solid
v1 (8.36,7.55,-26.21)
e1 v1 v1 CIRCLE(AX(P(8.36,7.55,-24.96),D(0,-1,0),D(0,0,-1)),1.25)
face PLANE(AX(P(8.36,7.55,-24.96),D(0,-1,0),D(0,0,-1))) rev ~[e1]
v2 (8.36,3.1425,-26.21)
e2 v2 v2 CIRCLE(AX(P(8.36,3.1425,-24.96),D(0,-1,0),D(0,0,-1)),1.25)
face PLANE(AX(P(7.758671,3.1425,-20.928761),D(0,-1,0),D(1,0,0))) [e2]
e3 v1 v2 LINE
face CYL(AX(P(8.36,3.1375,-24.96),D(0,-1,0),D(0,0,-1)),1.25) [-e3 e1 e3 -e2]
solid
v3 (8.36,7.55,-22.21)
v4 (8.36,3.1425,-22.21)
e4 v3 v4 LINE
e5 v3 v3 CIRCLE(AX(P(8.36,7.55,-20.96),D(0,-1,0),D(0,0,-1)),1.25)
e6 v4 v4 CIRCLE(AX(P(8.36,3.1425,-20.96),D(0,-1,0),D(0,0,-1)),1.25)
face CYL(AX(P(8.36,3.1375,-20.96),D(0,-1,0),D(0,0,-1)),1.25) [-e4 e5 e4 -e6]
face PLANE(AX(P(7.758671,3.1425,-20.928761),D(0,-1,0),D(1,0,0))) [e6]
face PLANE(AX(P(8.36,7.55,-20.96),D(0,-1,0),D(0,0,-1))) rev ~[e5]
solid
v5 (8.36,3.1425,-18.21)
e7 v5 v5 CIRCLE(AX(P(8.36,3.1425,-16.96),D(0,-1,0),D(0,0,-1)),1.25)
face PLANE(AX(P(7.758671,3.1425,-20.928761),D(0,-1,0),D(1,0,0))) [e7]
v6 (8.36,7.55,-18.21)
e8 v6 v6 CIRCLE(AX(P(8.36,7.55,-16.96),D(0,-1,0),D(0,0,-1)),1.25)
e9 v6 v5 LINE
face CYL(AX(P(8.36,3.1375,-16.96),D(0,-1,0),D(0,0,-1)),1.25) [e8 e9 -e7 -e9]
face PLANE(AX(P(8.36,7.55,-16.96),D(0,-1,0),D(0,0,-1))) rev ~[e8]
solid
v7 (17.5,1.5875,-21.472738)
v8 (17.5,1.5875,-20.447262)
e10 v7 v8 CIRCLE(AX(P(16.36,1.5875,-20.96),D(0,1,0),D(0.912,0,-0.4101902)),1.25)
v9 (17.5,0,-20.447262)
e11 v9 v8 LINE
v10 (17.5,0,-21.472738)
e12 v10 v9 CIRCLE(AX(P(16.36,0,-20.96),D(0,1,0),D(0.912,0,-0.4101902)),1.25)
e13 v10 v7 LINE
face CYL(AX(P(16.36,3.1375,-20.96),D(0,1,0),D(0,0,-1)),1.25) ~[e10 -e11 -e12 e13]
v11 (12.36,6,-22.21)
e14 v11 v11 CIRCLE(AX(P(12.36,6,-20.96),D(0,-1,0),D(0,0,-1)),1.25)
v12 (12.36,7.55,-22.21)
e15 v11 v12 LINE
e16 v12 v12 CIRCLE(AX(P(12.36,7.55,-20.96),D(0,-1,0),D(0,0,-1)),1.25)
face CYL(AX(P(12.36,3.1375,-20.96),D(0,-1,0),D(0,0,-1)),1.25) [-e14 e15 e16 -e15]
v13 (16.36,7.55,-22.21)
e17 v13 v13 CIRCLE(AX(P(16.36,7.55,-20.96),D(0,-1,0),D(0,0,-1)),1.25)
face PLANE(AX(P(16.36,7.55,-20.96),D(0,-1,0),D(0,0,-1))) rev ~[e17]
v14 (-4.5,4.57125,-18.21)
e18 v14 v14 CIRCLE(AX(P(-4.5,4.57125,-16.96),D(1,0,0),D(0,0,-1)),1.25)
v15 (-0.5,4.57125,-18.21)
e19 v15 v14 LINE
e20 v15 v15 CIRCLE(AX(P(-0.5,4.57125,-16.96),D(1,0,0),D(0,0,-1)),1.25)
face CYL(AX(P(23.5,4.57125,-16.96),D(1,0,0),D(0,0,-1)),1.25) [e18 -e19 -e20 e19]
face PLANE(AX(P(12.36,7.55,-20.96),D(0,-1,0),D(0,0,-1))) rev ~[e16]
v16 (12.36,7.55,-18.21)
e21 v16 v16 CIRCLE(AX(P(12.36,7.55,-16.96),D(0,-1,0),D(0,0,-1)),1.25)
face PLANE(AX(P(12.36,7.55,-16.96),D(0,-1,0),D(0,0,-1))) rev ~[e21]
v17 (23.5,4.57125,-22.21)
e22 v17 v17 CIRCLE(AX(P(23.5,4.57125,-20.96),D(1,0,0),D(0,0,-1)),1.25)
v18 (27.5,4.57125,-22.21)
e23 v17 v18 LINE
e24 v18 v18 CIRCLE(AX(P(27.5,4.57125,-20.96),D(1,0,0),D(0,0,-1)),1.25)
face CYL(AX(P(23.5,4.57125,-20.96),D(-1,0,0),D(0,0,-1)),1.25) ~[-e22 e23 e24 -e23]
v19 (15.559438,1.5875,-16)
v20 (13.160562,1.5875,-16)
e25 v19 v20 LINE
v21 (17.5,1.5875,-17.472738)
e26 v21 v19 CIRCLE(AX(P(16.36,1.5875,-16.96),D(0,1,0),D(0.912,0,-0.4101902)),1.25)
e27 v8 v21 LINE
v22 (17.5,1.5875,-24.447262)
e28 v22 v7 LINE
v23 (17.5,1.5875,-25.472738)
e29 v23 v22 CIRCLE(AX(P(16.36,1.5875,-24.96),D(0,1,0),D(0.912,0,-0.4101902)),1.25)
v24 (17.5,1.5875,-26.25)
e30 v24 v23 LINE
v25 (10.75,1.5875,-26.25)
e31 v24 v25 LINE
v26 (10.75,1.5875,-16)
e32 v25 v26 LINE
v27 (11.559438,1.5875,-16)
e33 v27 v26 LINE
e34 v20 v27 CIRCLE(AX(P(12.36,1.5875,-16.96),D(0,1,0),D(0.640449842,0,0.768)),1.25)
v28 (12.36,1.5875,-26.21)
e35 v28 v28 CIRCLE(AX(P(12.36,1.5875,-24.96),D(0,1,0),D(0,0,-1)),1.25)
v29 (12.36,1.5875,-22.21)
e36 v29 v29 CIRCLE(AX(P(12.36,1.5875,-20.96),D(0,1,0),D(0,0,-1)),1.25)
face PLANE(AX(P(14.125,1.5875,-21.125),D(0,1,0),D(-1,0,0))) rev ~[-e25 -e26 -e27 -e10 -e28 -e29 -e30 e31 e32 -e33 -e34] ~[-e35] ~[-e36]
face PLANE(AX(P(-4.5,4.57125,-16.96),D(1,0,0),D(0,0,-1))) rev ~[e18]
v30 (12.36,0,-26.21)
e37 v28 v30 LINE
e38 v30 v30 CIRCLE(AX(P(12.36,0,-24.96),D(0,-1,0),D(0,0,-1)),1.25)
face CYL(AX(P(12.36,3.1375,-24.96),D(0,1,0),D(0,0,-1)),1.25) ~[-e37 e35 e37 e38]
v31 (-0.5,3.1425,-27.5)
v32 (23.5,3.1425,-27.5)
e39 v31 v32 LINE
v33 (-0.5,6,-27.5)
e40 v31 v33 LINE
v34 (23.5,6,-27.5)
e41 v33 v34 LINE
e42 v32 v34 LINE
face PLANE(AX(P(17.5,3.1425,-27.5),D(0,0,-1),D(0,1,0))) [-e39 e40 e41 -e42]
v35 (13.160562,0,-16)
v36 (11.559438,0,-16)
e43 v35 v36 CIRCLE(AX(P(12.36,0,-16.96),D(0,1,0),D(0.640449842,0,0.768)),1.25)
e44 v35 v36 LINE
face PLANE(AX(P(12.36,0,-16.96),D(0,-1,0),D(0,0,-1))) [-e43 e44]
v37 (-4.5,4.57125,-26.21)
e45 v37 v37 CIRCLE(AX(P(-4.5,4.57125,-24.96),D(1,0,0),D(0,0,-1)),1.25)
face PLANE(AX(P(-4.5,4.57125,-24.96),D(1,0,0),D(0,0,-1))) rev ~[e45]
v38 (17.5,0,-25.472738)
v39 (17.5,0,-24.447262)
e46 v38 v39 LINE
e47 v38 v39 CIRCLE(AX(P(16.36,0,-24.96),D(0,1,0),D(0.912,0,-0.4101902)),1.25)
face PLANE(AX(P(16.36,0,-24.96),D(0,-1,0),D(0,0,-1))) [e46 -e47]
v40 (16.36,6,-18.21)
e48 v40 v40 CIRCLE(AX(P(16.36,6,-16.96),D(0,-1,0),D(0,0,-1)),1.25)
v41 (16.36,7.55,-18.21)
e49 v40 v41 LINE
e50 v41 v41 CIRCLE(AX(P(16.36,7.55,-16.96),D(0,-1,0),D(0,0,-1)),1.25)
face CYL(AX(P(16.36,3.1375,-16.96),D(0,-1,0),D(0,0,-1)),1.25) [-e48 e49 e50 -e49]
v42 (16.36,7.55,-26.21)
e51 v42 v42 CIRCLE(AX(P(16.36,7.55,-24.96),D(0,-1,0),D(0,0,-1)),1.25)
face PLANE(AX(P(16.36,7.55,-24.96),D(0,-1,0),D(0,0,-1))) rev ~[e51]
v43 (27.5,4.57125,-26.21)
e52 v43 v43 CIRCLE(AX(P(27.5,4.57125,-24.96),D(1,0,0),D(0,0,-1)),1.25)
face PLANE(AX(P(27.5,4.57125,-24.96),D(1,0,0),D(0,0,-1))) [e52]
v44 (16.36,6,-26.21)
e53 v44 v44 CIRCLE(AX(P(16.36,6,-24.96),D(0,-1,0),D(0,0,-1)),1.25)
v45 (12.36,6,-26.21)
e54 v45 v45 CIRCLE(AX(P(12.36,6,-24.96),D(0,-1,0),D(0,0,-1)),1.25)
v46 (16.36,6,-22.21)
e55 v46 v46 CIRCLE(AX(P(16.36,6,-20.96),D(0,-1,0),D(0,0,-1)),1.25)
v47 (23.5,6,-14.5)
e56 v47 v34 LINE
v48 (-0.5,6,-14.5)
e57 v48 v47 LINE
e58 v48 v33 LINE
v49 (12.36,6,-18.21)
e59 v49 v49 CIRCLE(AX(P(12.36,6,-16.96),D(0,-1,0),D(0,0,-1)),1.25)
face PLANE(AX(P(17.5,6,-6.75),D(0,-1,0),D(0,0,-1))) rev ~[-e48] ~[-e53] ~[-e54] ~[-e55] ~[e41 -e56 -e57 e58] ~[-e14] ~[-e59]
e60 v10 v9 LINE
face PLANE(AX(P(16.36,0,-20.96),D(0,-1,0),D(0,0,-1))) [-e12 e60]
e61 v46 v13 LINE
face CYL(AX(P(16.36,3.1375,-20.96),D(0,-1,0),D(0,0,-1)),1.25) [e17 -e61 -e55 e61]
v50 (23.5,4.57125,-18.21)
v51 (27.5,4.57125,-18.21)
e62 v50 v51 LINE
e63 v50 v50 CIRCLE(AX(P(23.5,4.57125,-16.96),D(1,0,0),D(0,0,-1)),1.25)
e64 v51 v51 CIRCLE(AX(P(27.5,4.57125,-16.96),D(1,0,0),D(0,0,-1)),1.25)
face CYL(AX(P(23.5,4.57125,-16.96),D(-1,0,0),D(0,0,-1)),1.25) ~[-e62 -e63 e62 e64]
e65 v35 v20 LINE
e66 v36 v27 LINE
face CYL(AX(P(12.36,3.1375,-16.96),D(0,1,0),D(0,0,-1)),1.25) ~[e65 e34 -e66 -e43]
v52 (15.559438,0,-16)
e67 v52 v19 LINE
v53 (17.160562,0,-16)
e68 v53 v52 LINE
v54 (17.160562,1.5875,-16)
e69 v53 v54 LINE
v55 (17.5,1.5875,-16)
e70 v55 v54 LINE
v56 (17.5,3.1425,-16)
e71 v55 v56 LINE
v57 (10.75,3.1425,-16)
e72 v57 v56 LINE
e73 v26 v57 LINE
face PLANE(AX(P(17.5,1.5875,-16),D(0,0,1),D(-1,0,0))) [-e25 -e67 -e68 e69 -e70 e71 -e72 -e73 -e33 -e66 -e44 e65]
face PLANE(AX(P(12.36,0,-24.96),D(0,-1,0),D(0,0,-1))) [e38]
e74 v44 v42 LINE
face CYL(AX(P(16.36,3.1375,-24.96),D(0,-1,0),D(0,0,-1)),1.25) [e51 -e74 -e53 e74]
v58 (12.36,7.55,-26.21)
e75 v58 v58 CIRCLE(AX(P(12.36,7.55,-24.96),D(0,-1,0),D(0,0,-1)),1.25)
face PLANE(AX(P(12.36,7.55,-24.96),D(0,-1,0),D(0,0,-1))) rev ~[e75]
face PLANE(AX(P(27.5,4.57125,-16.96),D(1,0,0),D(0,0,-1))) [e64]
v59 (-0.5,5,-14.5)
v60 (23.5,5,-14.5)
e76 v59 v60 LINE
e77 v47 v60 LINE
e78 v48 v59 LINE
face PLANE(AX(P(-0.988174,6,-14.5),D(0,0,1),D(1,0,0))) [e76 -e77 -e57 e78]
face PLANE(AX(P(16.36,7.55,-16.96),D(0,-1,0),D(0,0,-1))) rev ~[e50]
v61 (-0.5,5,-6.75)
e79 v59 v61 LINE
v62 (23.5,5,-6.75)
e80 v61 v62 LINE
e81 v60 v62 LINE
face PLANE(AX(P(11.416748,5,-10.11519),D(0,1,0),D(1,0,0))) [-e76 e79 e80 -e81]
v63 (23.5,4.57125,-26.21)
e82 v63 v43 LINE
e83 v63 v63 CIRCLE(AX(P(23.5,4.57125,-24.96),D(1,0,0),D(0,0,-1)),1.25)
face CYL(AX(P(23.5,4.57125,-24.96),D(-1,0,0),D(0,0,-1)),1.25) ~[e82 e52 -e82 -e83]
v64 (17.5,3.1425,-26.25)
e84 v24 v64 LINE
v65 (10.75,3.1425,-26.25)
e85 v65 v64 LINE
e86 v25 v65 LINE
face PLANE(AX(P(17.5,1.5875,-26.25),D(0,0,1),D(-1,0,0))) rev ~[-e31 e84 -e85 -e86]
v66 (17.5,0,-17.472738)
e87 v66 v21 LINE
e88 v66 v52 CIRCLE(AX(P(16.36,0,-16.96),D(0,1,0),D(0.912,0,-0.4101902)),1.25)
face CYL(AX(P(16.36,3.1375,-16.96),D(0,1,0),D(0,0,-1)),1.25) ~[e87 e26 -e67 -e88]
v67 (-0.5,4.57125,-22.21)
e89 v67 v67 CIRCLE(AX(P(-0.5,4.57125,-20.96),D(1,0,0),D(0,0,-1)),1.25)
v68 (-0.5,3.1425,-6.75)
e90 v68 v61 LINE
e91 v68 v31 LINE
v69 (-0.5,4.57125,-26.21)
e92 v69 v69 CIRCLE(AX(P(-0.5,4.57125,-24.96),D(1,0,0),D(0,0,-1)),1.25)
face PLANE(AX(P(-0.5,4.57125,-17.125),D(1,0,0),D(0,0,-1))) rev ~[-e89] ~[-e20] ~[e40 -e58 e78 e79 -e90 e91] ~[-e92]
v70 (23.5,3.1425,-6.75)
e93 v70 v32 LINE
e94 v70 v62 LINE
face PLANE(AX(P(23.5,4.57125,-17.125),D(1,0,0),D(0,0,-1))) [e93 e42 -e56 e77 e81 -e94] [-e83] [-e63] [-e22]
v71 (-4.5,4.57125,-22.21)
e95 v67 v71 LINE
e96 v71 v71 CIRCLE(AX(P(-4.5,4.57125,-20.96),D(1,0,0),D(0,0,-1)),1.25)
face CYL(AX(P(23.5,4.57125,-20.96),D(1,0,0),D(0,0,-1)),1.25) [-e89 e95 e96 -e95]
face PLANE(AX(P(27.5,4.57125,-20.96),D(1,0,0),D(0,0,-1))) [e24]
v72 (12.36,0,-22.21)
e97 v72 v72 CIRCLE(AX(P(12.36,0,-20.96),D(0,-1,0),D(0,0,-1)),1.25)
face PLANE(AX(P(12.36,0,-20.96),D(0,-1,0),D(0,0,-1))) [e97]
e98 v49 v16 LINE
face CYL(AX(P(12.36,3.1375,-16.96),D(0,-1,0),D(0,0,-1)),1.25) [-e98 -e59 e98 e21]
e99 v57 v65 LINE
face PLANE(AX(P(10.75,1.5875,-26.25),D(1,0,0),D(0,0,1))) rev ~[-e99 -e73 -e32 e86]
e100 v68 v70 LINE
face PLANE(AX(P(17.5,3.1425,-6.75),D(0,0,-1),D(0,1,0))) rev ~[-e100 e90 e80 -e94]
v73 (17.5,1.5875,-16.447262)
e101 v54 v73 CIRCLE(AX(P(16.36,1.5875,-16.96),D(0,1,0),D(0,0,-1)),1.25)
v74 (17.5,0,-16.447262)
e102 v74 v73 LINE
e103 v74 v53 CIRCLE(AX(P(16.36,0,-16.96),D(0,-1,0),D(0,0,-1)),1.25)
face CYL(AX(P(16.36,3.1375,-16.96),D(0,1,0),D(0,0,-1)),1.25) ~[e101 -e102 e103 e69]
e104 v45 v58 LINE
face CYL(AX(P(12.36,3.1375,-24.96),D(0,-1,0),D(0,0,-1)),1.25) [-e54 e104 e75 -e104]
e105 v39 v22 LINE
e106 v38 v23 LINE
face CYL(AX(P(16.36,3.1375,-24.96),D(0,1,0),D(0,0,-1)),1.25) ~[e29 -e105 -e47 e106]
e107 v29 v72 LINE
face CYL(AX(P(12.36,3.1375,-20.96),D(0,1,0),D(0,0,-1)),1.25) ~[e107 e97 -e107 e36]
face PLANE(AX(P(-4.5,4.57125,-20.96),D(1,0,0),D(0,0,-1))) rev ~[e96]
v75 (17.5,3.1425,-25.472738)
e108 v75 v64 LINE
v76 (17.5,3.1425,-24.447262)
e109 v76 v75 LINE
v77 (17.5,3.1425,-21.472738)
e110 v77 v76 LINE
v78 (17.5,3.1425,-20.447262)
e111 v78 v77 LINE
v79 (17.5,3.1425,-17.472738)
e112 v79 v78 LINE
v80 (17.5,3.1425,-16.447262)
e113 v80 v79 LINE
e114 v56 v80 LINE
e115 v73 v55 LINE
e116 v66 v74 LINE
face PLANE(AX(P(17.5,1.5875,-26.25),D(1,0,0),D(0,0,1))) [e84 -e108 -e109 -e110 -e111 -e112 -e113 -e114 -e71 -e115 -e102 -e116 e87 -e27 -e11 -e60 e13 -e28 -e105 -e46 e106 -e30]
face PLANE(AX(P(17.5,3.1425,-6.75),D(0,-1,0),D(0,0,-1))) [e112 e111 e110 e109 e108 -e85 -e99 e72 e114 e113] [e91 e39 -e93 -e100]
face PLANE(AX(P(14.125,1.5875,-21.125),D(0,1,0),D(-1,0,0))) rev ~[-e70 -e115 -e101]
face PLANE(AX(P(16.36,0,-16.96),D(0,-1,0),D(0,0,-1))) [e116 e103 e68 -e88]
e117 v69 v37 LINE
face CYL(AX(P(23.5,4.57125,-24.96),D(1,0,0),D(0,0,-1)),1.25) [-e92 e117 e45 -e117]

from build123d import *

# Parameters (mm, degrees)
SKETCH3_W                = 6.75
SKETCH3_H                = 10.25
BOSS_EXTRUDE2_DEPTH      = 4.4125
SKETCH5_R                = 1.25
BOSS_EXTRUDE3_DEPTH      = 3.1375
BOSS_EXTRUDE3_DEPTH_BACK = 4.4125
SKETCH6_W                = 20.75
SKETCH6_H                = 2.8575
BOSS_EXTRUDE4_DEPTH      = 6
BOSS_EXTRUDE4_DEPTH_BACK = 18
SKETCH11_W               = 4.903668723
SKETCH11_H               = 13.795083936
CUT_EXTRUDE1_DEPTH       = 4.1425
SKETCH12_W               = 24.809843128
SKETCH12_H               = 8.769619276
CUT_EXTRUDE2_DEPTH       = 1
SKETCH13_R               = 1.25
BOSS_EXTRUDE8_DEPTH      = 4
BOSS_EXTRUDE8_DEPTH_BACK = 28
SKETCH14_W               = 7.412722891
SKETCH14_H               = 4.260464904
CUT_EXTRUDE3_DEPTH       = 1.5
SKETCH15_W               = 10.923147027
SKETCH15_H               = 4.163362597
CUT_EXTRUDE4_DEPTH       = 0.11


with BuildPart() as part:
    # Sketch3 → Boss-Extrude2 (new body)
    with BuildSketch(Plane(origin=(0, 1.5875, 0), x_dir=(-1, 0, 0), z_dir=(0, 1, 0))):
        with Locations((-14.125, -21.125)):
            Rectangle(SKETCH3_W, SKETCH3_H)
    extrude(amount=BOSS_EXTRUDE2_DEPTH)

    # Sketch5 → Boss-Extrude3 (add, two sides)
    with BuildSketch(Plane.XZ.offset(-3.1375)) as boss_extrude3_sk:
        with Locations(Location((16.36, -24.96, 0), (0, 0, 270))):
            Circle(SKETCH5_R)
        with Locations(Location((12.36, -24.96, 0), (0, 0, 270))):
            Circle(SKETCH5_R)
        with Locations(Location((8.36, -24.96, 0), (0, 0, 270))):
            Circle(SKETCH5_R)
        with Locations(Location((16.36, -20.96, 0), (0, 0, 270))):
            Circle(SKETCH5_R)
        with Locations(Location((12.36, -20.96, 0), (0, 0, 270))):
            Circle(SKETCH5_R)
        with Locations(Location((8.36, -20.96, 0), (0, 0, 270))):
            Circle(SKETCH5_R)
        with Locations(Location((16.36, -16.96, 0), (0, 0, 270))):
            Circle(SKETCH5_R)
        with Locations(Location((12.36, -16.96, 0), (0, 0, 270))):
            Circle(SKETCH5_R)
        with Locations(Location((8.36, -16.96, 0), (0, 0, 270))):
            Circle(SKETCH5_R)
    extrude(amount=BOSS_EXTRUDE3_DEPTH)
    extrude(boss_extrude3_sk.sketch, amount=-BOSS_EXTRUDE3_DEPTH_BACK)


with BuildPart() as boss_extrude3_piece_1:
    # of the separate pieces the step leaves, piece 1, a body of its own (boss_extrude3_pieces)
    add(part.part.solids().sort_by_distance((10.75, 1.5875, -16))[0])

    # Sketch6 → Boss-Extrude4 (add, two sides)
    with BuildSketch(Plane(origin=(17.5, 0, 0), x_dir=(0, 0, -1), z_dir=(1, 0, 0))) as boss_extrude4_sk:
        with Locations((17.125, 4.57125)):
            Rectangle(SKETCH6_W, SKETCH6_H)
    extrude(amount=BOSS_EXTRUDE4_DEPTH)
    extrude(boss_extrude4_sk.sketch, amount=-BOSS_EXTRUDE4_DEPTH_BACK)

    # Sketch12 → Cut-Extrude2 (cut)
    with BuildSketch(Plane(origin=(0, 6, 0), x_dir=(1, 0, 0), z_dir=(0, 1, 0))):
        with Locations((11.41674784, 10.115190362)):
            Rectangle(SKETCH12_W, SKETCH12_H)
    extrude(amount=-CUT_EXTRUDE2_DEPTH, mode=Mode.SUBTRACT)

    # Sketch13 → Boss-Extrude8 (add, two sides)
    with BuildSketch(Plane(origin=(23.5, 0, 0), x_dir=(0, 0, -1), z_dir=(1, 0, 0))) as boss_extrude8_sk:
        with Locations((24.96, 4.57125)):
            Circle(SKETCH13_R)
        with Locations((16.96, 4.57125)):
            Circle(SKETCH13_R)
        with Locations((20.96, 4.57125)):
            Circle(SKETCH13_R)
    extrude(amount=BOSS_EXTRUDE8_DEPTH)
    extrude(boss_extrude8_sk.sketch, amount=-BOSS_EXTRUDE8_DEPTH_BACK)

    # Sketch14 → Cut-Extrude3 (cut)
    with BuildSketch(Plane.XY.offset(-16)):
        with Locations((14.456361446, 1.012267548)):
            Rectangle(SKETCH14_W, SKETCH14_H)
    extrude(amount=CUT_EXTRUDE3_DEPTH, mode=Mode.SUBTRACT)

    # Sketch15 → Cut-Extrude4 (cut)
    with BuildSketch(Plane(origin=(17.5, 0, 0), x_dir=(0, 0, -1), z_dir=(1, 0, 0))):
        with Locations((21.461573513, 1.060818702)):
            Rectangle(SKETCH15_W, SKETCH15_H)
    extrude(amount=CUT_EXTRUDE4_DEPTH, mode=Mode.SUBTRACT)


with BuildPart() as boss_extrude3_piece_2:
    # of the separate pieces the step leaves, piece 2, a body of its own (boss_extrude3_pieces)
    add(part.part.solids().sort_by_distance((8.36, 3.1375, -26.21))[0])


with BuildPart() as boss_extrude3_piece_3:
    # of the separate pieces the step leaves, piece 3, a body of its own (boss_extrude3_pieces)
    add(part.part.solids().sort_by_distance((8.36, 3.1375, -22.21))[0])


with BuildPart() as boss_extrude3_piece_4:
    # of the separate pieces the step leaves, piece 4, a body of its own (boss_extrude3_pieces)
    add(part.part.solids().sort_by_distance((8.36, 3.1375, -18.21))[0])


with BuildPart() as cut_extrude1_tool:
    # Sketch11 → Cut-Extrude1 (new body)
    with BuildSketch(Plane.XZ.offset(-3.1425)):
        with Locations((7.758670905, -20.928761162)):
            Rectangle(SKETCH11_W, SKETCH11_H)
    extrude(amount=CUT_EXTRUDE1_DEPTH)


with BuildPart() as boss_extrude3_piece_2_1:
    add(boss_extrude3_piece_2.part)

    # Cut-Extrude1: cut by cut_extrude1_tool
    add(cut_extrude1_tool.part, mode=Mode.SUBTRACT)


with BuildPart() as boss_extrude3_piece_3_1:
    add(boss_extrude3_piece_3.part)

    # Cut-Extrude1: cut by cut_extrude1_tool
    add(cut_extrude1_tool.part, mode=Mode.SUBTRACT)


with BuildPart() as boss_extrude3_piece_4_1:
    add(boss_extrude3_piece_4.part)

    # Cut-Extrude1: cut by cut_extrude1_tool
    add(cut_extrude1_tool.part, mode=Mode.SUBTRACT)


solid = Compound([boss_extrude3_piece_1.part, boss_extrude3_piece_2_1.part, boss_extrude3_piece_3_1.part, boss_extrude3_piece_4_1.part])
